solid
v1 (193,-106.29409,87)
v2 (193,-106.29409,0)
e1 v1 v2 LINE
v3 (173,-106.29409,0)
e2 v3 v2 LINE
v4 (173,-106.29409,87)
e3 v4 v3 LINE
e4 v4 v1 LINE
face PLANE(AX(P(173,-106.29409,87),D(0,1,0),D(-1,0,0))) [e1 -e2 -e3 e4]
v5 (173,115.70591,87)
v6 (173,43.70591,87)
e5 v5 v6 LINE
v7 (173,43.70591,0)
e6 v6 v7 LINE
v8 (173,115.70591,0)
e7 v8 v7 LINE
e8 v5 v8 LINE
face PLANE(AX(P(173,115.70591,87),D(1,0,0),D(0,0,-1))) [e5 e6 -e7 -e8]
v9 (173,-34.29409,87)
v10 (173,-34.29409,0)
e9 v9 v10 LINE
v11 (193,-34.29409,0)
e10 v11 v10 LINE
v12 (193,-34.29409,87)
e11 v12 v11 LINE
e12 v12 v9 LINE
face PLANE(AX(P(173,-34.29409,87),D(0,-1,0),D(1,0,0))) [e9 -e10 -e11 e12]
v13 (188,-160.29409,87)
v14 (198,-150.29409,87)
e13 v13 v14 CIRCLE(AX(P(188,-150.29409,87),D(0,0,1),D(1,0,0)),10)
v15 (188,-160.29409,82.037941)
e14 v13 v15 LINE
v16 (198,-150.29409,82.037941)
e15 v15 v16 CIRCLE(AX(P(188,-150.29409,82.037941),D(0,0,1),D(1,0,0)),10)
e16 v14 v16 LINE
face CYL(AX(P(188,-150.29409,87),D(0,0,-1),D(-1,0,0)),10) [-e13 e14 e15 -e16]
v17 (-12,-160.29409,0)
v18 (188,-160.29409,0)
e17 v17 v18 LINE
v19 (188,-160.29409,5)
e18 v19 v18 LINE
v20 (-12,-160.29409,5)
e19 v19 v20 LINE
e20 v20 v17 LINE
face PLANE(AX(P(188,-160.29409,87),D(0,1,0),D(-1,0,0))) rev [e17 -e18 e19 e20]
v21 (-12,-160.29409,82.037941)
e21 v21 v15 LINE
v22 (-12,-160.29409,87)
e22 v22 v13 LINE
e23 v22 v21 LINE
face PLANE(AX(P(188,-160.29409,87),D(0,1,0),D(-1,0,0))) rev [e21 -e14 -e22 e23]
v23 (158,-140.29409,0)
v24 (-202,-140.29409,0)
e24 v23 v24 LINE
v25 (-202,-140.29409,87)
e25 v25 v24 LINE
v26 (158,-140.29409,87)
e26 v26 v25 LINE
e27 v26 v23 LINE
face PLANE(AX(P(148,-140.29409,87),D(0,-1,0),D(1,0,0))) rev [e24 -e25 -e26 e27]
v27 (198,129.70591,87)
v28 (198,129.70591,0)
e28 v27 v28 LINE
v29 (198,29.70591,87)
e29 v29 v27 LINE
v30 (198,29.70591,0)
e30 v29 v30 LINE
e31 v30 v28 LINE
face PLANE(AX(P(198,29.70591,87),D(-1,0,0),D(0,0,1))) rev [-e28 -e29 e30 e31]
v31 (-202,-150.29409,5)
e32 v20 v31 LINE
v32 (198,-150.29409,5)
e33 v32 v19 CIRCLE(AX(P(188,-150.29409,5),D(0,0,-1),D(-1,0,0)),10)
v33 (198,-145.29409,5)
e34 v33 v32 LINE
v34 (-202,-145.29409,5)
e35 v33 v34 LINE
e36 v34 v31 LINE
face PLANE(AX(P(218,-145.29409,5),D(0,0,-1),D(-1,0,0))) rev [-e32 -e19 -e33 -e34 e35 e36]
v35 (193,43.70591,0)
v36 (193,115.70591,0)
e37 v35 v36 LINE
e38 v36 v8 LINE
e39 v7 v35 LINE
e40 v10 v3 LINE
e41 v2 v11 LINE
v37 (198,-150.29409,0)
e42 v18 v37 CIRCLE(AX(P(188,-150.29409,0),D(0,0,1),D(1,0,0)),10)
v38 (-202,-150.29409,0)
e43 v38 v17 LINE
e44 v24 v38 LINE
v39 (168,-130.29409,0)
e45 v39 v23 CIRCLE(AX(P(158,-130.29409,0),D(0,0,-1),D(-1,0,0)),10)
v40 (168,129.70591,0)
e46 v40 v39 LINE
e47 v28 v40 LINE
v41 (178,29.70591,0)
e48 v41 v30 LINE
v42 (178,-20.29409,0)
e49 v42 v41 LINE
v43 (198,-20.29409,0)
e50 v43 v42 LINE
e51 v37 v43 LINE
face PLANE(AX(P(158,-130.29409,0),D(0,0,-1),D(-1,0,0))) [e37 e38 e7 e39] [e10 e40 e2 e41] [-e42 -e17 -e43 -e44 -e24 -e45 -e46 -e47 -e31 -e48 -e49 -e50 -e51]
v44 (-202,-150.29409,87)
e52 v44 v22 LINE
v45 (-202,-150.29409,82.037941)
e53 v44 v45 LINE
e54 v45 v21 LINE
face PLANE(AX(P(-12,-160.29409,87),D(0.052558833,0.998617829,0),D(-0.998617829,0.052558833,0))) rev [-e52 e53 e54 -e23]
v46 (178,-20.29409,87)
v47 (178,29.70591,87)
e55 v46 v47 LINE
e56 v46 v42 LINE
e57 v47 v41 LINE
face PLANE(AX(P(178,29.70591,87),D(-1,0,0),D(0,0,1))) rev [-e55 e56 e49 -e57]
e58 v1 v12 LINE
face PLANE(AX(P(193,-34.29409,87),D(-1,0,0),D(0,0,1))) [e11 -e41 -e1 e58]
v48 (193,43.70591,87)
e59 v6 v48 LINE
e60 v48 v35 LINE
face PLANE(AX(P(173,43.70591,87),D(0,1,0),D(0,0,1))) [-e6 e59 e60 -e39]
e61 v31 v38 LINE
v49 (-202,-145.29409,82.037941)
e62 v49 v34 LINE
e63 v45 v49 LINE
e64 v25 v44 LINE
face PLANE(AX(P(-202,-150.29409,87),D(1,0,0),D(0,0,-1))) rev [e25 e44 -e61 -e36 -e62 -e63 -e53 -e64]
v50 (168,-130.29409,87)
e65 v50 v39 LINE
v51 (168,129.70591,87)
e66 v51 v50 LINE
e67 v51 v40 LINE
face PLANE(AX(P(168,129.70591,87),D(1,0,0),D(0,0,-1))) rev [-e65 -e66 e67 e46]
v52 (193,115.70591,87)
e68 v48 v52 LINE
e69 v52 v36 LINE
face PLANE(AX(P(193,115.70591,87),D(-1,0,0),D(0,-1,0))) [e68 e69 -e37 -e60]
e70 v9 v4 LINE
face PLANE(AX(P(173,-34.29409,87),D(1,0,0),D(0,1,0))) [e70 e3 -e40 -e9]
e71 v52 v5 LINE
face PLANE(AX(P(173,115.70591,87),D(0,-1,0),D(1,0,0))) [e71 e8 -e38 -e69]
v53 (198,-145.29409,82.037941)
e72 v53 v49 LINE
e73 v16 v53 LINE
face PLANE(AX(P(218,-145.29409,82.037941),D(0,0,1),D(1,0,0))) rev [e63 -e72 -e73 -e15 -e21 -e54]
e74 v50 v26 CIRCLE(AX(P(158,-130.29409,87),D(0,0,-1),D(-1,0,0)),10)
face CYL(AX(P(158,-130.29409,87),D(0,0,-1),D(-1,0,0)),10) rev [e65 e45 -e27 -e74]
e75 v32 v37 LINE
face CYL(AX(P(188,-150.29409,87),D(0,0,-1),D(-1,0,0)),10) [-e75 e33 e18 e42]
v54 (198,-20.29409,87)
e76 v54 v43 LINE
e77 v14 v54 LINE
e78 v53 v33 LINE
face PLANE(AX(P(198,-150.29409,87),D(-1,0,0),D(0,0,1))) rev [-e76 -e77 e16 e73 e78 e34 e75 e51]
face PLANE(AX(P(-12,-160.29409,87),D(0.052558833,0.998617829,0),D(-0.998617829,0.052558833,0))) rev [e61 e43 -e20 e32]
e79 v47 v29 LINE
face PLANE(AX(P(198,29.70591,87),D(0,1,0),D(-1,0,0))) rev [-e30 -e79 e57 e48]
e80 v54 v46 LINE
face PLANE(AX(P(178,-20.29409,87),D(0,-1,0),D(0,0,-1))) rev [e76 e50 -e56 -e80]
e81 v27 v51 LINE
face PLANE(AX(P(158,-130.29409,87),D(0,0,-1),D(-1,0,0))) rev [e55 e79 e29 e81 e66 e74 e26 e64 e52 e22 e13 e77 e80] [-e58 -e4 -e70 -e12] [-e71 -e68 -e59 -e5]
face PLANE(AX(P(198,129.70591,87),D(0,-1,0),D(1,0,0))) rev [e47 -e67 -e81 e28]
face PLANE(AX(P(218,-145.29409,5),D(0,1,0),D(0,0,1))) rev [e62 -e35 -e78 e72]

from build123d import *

# Parameters (mm, degrees)
SKETCH1_W           = 20
SKETCH1_H           = 72
BOSS_EXTRUDE2_DEPTH = 87
SKETCH2_W           = 77.037941343
SKETCH2_H           = 18.412852551
CUT_EXTRUDE1_DEPTH  = 420


with BuildPart() as part:
    # Sketch1 → Boss-Extrude2 (new body)
    with BuildSketch(Plane.XY):
        with BuildLine():
            Line((-202, -150.294090379), (-202, -140.294090379))
            Line((-202, -140.294090379), (148, -140.294090379))
            Line((148, -140.294090379), (158, -140.294090379))
            ThreePointArc((158, -140.294090379), (165.071067812, -137.36515819), (168, -130.294090379))
            Line((168, -130.294090379), (168, 129.705909621))
            Line((168, 129.705909621), (198, 129.705909621))
            Line((198, 129.705909621), (198, 29.705909621))
            Line((198, 29.705909621), (178, 29.705909621))
            Line((178, 29.705909621), (178, -20.294090379))
            Line((178, -20.294090379), (198, -20.294090379))
            Line((198, -20.294090379), (198, -150.294090379))
            ThreePointArc((198, -150.294090379), (195.071067812, -157.36515819), (188, -160.294090379))
            Line((188, -160.294090379), (-12, -160.294090379))
            Line((-12, -160.294090379), (-202, -150.294090379))
        make_face()
        with Locations((183, -70.294090379)):
            Rectangle(SKETCH1_W, SKETCH1_H, mode=Mode.SUBTRACT)
        with Locations((183, 79.705909621)):
            Rectangle(SKETCH1_W, SKETCH1_H, mode=Mode.SUBTRACT)
    extrude(amount=BOSS_EXTRUDE2_DEPTH)

    # Sketch2 → Cut-Extrude1 (cut)
    with BuildSketch(Plane.ZY.offset(202)):
        with Locations((43.518970671, -154.500516655)):
            Rectangle(SKETCH2_W, SKETCH2_H)
    extrude(amount=-CUT_EXTRUDE1_DEPTH, mode=Mode.SUBTRACT)


solid = part.part
